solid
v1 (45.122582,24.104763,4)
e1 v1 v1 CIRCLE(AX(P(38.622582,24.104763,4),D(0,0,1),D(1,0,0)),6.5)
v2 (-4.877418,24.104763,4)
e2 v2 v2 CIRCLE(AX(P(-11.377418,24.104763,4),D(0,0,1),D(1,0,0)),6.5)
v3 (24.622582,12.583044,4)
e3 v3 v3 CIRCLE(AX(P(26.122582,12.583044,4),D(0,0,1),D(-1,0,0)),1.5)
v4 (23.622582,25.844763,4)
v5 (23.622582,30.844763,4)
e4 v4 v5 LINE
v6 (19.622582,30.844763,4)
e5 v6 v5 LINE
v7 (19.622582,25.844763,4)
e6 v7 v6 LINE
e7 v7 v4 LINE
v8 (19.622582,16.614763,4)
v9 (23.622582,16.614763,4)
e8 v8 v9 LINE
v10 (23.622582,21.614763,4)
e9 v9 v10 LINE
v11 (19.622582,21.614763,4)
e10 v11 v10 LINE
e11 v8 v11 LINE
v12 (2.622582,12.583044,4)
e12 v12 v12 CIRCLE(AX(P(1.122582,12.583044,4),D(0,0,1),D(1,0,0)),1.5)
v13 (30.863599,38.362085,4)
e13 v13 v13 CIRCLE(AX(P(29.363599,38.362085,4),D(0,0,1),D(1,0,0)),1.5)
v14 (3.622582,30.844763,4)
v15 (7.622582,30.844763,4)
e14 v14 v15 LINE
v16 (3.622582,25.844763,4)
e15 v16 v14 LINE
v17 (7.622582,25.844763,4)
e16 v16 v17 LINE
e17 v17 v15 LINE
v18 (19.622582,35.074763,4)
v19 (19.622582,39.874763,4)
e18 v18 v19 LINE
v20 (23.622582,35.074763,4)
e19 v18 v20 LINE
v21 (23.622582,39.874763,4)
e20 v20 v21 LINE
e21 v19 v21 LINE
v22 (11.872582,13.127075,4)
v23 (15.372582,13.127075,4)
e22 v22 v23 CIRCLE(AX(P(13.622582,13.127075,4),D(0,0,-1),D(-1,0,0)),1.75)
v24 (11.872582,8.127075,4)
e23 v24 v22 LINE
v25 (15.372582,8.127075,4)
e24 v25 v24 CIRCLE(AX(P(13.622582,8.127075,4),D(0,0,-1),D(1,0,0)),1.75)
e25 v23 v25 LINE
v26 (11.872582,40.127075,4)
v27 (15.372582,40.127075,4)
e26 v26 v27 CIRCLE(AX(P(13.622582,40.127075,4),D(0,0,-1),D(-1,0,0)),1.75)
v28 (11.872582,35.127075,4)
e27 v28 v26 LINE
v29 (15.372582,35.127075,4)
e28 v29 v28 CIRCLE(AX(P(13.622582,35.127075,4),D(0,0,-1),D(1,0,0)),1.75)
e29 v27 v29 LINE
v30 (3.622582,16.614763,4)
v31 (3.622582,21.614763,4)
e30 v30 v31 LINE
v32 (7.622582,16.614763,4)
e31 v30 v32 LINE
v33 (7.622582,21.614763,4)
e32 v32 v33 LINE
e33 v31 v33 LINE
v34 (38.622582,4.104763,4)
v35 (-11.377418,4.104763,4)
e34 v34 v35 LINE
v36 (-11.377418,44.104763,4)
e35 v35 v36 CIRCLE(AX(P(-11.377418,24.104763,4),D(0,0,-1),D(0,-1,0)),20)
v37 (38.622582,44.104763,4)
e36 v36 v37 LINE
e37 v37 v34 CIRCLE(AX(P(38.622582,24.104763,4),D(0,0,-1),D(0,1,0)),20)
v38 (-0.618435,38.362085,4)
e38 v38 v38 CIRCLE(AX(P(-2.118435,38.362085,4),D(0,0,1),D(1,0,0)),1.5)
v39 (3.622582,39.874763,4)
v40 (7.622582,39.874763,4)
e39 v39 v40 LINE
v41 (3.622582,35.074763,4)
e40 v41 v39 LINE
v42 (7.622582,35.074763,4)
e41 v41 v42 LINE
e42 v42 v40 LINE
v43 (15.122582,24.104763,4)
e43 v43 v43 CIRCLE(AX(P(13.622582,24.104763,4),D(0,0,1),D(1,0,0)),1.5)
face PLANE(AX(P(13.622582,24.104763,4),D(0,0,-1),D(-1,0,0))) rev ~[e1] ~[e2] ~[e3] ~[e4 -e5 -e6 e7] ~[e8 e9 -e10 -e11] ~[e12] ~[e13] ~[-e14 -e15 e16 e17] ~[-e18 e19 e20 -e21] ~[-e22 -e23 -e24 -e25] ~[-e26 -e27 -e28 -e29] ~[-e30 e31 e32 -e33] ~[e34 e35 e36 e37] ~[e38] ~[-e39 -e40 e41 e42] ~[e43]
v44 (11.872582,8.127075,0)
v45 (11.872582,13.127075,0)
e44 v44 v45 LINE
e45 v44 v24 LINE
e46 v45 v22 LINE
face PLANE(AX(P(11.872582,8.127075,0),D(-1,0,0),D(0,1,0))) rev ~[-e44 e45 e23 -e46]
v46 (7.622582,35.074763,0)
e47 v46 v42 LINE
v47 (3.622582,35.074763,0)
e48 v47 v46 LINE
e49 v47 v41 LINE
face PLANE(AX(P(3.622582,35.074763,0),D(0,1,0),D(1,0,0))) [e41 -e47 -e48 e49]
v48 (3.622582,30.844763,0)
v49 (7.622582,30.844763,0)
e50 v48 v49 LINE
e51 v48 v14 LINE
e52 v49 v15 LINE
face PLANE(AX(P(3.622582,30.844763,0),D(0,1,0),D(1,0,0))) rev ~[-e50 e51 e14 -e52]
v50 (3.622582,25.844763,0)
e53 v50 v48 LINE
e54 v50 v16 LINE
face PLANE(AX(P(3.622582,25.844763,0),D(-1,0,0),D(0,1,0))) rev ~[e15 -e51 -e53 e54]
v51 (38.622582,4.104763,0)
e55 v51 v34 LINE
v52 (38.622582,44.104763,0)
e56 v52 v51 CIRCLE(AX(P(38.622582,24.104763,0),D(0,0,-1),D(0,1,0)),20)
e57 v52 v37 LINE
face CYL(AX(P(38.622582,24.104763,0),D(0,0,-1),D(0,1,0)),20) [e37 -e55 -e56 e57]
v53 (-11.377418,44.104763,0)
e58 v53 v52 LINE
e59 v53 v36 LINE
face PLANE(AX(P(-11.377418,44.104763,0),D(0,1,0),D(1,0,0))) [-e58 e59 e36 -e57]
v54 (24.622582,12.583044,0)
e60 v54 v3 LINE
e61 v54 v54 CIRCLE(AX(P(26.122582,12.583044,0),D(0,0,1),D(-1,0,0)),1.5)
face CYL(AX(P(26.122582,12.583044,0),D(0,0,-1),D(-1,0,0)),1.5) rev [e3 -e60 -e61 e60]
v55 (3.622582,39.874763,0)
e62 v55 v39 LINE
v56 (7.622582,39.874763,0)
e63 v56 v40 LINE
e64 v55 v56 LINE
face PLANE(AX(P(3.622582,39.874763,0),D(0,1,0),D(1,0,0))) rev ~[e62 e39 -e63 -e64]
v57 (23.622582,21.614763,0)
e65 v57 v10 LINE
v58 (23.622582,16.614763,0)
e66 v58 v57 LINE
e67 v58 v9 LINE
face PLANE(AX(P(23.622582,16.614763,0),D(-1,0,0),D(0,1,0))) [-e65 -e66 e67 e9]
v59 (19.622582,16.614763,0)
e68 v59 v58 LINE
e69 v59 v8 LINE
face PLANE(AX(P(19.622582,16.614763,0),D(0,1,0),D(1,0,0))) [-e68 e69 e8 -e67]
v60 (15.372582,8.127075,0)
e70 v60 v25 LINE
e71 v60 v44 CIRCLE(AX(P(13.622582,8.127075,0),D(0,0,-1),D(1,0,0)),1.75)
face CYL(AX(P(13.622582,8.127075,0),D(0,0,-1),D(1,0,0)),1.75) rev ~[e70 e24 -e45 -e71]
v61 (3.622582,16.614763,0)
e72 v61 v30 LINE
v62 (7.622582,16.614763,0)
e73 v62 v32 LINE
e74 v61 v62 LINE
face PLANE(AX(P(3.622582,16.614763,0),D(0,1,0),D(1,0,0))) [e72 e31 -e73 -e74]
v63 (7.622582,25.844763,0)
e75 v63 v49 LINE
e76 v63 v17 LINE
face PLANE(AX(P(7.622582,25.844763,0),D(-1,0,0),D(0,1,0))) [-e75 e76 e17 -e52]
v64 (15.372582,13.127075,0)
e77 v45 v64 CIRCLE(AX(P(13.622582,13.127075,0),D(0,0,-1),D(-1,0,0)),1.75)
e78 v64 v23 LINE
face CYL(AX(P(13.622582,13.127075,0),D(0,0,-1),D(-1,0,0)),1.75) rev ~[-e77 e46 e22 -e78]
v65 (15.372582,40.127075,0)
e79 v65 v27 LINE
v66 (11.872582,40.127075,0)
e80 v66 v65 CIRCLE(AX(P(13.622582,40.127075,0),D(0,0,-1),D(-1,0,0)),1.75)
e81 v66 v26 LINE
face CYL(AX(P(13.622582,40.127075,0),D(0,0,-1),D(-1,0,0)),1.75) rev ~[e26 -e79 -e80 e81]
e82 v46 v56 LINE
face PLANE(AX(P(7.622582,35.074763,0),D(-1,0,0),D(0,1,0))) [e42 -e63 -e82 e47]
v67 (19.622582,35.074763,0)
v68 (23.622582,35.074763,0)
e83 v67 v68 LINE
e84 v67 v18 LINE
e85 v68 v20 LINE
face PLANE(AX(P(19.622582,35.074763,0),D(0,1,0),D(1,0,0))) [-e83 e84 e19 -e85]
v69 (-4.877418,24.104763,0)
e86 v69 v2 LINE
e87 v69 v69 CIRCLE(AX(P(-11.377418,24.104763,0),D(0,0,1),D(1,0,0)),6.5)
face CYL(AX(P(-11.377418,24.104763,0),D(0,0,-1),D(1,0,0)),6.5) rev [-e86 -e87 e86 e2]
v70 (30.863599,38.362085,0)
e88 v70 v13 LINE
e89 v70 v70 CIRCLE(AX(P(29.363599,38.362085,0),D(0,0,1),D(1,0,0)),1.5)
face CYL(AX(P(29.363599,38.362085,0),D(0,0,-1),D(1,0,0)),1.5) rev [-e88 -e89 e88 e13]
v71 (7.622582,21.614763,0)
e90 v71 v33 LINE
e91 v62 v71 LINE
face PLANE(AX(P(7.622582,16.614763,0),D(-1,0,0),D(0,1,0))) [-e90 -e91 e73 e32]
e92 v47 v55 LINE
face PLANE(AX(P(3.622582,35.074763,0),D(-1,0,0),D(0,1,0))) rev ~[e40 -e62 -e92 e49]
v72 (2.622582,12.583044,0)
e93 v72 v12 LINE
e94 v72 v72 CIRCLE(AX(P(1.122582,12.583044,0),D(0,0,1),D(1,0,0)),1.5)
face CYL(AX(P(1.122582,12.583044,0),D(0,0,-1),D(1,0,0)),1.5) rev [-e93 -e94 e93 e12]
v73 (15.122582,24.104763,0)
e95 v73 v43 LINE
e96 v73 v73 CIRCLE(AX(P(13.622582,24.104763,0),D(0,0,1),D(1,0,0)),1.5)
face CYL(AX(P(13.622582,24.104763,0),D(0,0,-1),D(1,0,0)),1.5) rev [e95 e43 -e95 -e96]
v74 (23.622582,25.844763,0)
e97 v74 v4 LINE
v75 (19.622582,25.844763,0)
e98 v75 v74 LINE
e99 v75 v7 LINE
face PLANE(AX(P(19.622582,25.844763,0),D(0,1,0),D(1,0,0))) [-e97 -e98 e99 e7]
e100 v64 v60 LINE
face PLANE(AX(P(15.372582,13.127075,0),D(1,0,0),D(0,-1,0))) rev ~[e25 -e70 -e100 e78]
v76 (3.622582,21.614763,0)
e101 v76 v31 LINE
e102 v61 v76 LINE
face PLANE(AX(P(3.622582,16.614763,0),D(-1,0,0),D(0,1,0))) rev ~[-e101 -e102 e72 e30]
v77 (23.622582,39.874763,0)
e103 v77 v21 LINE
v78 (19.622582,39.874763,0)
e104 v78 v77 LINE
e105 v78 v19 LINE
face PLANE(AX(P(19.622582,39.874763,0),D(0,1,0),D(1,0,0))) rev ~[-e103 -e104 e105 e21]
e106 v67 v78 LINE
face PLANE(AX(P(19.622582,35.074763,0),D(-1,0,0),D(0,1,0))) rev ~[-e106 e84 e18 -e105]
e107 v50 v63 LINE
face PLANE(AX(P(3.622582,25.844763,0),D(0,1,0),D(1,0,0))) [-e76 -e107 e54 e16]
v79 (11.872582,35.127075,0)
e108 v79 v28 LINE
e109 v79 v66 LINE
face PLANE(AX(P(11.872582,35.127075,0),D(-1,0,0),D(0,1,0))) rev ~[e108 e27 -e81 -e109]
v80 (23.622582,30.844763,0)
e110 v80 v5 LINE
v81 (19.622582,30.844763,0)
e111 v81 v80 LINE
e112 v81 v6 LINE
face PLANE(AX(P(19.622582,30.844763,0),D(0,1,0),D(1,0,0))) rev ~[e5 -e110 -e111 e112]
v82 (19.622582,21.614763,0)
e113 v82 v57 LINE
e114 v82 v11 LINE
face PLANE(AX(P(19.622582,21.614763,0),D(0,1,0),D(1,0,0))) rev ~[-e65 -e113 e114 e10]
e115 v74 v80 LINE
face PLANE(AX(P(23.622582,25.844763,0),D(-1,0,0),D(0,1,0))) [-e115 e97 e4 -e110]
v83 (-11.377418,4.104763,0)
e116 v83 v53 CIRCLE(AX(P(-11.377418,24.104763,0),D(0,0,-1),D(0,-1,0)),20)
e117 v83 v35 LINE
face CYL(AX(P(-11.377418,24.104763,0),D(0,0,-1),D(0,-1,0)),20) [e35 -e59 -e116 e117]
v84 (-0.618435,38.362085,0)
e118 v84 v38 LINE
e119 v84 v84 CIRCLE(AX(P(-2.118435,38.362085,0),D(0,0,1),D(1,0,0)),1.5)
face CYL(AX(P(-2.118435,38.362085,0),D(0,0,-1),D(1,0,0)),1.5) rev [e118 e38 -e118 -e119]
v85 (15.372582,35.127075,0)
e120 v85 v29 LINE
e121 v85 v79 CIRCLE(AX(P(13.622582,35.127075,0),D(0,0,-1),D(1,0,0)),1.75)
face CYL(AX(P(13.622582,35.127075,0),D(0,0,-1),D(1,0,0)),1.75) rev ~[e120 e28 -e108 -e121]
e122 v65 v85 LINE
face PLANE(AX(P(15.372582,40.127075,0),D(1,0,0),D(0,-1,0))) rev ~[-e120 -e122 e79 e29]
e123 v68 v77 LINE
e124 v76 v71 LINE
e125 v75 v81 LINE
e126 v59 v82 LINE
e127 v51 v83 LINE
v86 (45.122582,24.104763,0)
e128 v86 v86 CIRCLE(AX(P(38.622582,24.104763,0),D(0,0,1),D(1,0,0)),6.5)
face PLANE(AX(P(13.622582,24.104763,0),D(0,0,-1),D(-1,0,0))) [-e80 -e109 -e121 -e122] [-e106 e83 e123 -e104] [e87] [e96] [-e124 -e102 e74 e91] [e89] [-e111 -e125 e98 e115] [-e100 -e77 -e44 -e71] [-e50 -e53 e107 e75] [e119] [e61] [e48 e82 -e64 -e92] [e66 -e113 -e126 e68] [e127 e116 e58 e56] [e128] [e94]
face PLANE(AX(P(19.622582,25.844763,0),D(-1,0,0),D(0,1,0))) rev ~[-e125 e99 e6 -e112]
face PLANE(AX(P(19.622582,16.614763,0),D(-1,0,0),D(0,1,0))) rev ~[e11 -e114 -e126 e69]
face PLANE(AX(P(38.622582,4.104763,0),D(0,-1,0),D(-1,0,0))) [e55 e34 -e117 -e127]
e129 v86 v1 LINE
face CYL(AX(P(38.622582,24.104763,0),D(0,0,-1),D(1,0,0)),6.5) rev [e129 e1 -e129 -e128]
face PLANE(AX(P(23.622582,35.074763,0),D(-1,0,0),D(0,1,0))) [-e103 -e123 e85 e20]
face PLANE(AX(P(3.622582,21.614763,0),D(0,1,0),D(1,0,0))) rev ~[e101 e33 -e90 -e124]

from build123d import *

# Parameters (mm, degrees)
SKETCH_1_R      = 1.5
SKETCH_1_R_2    = 6.5
SKETCH_1_W      = 4
SKETCH_1_H      = 4.8
SKETCH_1_H_2    = 5
EXTRUDE_1_DEPTH = 4


with BuildPart() as part:
    # 草图1 → 凸台-拉伸1 (new body)
    with BuildSketch(Plane.XY):
        with BuildLine():
            Line((-11.37741807, 44.104762576), (9.62258193, 44.104762576))
            Line((9.62258193, 44.104762576), (17.62258193, 44.104762576))
            Line((17.62258193, 44.104762576), (38.62258193, 44.104762576))
            ThreePointArc((38.62258193, 44.104762576), (58.62258193, 24.104762576), (38.62258193, 4.104762576))
            Line((38.62258193, 4.104762576), (-11.37741807, 4.104762576))
            ThreePointArc((-11.37741807, 4.104762576), (-31.37741807, 24.104762576), (-11.37741807, 44.104762576))
        make_face()
        with Locations((1.12258193, 12.583043954)):
            Circle(SKETCH_1_R, mode=Mode.SUBTRACT)
        with Locations(Location((26.12258193, 12.583043954, 0), (0, 0, 180))):
            Circle(SKETCH_1_R, mode=Mode.SUBTRACT)
        with Locations((13.62258193, 24.104762576)):
            Circle(SKETCH_1_R, mode=Mode.SUBTRACT)
        with Locations((-11.37741807, 24.104762576)):
            Circle(SKETCH_1_R_2, mode=Mode.SUBTRACT)
        with Locations((38.62258193, 24.104762576)):
            Circle(SKETCH_1_R_2, mode=Mode.SUBTRACT)
        with Locations((29.363598717, 38.36208455)):
            Circle(SKETCH_1_R, mode=Mode.SUBTRACT)
        with Locations((-2.118434858, 38.36208455)):
            Circle(SKETCH_1_R, mode=Mode.SUBTRACT)
        with Locations((21.62258193, 37.474762576)):
            Rectangle(SKETCH_1_W, SKETCH_1_H, mode=Mode.SUBTRACT)
        with Locations((21.62258193, 28.344762576)):
            Rectangle(SKETCH_1_W, SKETCH_1_H_2, mode=Mode.SUBTRACT)
        with Locations((5.62258193, 37.474762576)):
            Rectangle(SKETCH_1_W, SKETCH_1_H, mode=Mode.SUBTRACT)
        with Locations((5.62258193, 28.344762576)):
            Rectangle(SKETCH_1_W, SKETCH_1_H_2, mode=Mode.SUBTRACT)
        with Locations((5.62258193, 19.114762576)):
            Rectangle(SKETCH_1_W, SKETCH_1_H_2, mode=Mode.SUBTRACT)
        with Locations((21.62258193, 19.114762576)):
            Rectangle(SKETCH_1_W, SKETCH_1_H_2, mode=Mode.SUBTRACT)
        with BuildLine():
            Line((11.87258193, 8.127075217), (11.87258193, 13.127075217))
            ThreePointArc((11.87258193, 13.127075217), (13.62258193, 14.877075217), (15.37258193, 13.127075217))
            Line((15.37258193, 13.127075217), (15.37258193, 8.127075217))
            ThreePointArc((15.37258193, 8.127075217), (13.62258193, 6.377075217), (11.87258193, 8.127075217))
        make_face(mode=Mode.SUBTRACT)
        with BuildLine():
            Line((15.37258193, 40.127075217), (15.37258193, 35.127075217))
            ThreePointArc((15.37258193, 35.127075217), (13.62258193, 33.377075217), (11.87258193, 35.127075217))
            Line((11.87258193, 35.127075217), (11.87258193, 40.127075217))
            ThreePointArc((11.87258193, 40.127075217), (13.62258193, 41.877075217), (15.37258193, 40.127075217))
        make_face(mode=Mode.SUBTRACT)
    extrude(amount=EXTRUDE_1_DEPTH)


solid = part.part
